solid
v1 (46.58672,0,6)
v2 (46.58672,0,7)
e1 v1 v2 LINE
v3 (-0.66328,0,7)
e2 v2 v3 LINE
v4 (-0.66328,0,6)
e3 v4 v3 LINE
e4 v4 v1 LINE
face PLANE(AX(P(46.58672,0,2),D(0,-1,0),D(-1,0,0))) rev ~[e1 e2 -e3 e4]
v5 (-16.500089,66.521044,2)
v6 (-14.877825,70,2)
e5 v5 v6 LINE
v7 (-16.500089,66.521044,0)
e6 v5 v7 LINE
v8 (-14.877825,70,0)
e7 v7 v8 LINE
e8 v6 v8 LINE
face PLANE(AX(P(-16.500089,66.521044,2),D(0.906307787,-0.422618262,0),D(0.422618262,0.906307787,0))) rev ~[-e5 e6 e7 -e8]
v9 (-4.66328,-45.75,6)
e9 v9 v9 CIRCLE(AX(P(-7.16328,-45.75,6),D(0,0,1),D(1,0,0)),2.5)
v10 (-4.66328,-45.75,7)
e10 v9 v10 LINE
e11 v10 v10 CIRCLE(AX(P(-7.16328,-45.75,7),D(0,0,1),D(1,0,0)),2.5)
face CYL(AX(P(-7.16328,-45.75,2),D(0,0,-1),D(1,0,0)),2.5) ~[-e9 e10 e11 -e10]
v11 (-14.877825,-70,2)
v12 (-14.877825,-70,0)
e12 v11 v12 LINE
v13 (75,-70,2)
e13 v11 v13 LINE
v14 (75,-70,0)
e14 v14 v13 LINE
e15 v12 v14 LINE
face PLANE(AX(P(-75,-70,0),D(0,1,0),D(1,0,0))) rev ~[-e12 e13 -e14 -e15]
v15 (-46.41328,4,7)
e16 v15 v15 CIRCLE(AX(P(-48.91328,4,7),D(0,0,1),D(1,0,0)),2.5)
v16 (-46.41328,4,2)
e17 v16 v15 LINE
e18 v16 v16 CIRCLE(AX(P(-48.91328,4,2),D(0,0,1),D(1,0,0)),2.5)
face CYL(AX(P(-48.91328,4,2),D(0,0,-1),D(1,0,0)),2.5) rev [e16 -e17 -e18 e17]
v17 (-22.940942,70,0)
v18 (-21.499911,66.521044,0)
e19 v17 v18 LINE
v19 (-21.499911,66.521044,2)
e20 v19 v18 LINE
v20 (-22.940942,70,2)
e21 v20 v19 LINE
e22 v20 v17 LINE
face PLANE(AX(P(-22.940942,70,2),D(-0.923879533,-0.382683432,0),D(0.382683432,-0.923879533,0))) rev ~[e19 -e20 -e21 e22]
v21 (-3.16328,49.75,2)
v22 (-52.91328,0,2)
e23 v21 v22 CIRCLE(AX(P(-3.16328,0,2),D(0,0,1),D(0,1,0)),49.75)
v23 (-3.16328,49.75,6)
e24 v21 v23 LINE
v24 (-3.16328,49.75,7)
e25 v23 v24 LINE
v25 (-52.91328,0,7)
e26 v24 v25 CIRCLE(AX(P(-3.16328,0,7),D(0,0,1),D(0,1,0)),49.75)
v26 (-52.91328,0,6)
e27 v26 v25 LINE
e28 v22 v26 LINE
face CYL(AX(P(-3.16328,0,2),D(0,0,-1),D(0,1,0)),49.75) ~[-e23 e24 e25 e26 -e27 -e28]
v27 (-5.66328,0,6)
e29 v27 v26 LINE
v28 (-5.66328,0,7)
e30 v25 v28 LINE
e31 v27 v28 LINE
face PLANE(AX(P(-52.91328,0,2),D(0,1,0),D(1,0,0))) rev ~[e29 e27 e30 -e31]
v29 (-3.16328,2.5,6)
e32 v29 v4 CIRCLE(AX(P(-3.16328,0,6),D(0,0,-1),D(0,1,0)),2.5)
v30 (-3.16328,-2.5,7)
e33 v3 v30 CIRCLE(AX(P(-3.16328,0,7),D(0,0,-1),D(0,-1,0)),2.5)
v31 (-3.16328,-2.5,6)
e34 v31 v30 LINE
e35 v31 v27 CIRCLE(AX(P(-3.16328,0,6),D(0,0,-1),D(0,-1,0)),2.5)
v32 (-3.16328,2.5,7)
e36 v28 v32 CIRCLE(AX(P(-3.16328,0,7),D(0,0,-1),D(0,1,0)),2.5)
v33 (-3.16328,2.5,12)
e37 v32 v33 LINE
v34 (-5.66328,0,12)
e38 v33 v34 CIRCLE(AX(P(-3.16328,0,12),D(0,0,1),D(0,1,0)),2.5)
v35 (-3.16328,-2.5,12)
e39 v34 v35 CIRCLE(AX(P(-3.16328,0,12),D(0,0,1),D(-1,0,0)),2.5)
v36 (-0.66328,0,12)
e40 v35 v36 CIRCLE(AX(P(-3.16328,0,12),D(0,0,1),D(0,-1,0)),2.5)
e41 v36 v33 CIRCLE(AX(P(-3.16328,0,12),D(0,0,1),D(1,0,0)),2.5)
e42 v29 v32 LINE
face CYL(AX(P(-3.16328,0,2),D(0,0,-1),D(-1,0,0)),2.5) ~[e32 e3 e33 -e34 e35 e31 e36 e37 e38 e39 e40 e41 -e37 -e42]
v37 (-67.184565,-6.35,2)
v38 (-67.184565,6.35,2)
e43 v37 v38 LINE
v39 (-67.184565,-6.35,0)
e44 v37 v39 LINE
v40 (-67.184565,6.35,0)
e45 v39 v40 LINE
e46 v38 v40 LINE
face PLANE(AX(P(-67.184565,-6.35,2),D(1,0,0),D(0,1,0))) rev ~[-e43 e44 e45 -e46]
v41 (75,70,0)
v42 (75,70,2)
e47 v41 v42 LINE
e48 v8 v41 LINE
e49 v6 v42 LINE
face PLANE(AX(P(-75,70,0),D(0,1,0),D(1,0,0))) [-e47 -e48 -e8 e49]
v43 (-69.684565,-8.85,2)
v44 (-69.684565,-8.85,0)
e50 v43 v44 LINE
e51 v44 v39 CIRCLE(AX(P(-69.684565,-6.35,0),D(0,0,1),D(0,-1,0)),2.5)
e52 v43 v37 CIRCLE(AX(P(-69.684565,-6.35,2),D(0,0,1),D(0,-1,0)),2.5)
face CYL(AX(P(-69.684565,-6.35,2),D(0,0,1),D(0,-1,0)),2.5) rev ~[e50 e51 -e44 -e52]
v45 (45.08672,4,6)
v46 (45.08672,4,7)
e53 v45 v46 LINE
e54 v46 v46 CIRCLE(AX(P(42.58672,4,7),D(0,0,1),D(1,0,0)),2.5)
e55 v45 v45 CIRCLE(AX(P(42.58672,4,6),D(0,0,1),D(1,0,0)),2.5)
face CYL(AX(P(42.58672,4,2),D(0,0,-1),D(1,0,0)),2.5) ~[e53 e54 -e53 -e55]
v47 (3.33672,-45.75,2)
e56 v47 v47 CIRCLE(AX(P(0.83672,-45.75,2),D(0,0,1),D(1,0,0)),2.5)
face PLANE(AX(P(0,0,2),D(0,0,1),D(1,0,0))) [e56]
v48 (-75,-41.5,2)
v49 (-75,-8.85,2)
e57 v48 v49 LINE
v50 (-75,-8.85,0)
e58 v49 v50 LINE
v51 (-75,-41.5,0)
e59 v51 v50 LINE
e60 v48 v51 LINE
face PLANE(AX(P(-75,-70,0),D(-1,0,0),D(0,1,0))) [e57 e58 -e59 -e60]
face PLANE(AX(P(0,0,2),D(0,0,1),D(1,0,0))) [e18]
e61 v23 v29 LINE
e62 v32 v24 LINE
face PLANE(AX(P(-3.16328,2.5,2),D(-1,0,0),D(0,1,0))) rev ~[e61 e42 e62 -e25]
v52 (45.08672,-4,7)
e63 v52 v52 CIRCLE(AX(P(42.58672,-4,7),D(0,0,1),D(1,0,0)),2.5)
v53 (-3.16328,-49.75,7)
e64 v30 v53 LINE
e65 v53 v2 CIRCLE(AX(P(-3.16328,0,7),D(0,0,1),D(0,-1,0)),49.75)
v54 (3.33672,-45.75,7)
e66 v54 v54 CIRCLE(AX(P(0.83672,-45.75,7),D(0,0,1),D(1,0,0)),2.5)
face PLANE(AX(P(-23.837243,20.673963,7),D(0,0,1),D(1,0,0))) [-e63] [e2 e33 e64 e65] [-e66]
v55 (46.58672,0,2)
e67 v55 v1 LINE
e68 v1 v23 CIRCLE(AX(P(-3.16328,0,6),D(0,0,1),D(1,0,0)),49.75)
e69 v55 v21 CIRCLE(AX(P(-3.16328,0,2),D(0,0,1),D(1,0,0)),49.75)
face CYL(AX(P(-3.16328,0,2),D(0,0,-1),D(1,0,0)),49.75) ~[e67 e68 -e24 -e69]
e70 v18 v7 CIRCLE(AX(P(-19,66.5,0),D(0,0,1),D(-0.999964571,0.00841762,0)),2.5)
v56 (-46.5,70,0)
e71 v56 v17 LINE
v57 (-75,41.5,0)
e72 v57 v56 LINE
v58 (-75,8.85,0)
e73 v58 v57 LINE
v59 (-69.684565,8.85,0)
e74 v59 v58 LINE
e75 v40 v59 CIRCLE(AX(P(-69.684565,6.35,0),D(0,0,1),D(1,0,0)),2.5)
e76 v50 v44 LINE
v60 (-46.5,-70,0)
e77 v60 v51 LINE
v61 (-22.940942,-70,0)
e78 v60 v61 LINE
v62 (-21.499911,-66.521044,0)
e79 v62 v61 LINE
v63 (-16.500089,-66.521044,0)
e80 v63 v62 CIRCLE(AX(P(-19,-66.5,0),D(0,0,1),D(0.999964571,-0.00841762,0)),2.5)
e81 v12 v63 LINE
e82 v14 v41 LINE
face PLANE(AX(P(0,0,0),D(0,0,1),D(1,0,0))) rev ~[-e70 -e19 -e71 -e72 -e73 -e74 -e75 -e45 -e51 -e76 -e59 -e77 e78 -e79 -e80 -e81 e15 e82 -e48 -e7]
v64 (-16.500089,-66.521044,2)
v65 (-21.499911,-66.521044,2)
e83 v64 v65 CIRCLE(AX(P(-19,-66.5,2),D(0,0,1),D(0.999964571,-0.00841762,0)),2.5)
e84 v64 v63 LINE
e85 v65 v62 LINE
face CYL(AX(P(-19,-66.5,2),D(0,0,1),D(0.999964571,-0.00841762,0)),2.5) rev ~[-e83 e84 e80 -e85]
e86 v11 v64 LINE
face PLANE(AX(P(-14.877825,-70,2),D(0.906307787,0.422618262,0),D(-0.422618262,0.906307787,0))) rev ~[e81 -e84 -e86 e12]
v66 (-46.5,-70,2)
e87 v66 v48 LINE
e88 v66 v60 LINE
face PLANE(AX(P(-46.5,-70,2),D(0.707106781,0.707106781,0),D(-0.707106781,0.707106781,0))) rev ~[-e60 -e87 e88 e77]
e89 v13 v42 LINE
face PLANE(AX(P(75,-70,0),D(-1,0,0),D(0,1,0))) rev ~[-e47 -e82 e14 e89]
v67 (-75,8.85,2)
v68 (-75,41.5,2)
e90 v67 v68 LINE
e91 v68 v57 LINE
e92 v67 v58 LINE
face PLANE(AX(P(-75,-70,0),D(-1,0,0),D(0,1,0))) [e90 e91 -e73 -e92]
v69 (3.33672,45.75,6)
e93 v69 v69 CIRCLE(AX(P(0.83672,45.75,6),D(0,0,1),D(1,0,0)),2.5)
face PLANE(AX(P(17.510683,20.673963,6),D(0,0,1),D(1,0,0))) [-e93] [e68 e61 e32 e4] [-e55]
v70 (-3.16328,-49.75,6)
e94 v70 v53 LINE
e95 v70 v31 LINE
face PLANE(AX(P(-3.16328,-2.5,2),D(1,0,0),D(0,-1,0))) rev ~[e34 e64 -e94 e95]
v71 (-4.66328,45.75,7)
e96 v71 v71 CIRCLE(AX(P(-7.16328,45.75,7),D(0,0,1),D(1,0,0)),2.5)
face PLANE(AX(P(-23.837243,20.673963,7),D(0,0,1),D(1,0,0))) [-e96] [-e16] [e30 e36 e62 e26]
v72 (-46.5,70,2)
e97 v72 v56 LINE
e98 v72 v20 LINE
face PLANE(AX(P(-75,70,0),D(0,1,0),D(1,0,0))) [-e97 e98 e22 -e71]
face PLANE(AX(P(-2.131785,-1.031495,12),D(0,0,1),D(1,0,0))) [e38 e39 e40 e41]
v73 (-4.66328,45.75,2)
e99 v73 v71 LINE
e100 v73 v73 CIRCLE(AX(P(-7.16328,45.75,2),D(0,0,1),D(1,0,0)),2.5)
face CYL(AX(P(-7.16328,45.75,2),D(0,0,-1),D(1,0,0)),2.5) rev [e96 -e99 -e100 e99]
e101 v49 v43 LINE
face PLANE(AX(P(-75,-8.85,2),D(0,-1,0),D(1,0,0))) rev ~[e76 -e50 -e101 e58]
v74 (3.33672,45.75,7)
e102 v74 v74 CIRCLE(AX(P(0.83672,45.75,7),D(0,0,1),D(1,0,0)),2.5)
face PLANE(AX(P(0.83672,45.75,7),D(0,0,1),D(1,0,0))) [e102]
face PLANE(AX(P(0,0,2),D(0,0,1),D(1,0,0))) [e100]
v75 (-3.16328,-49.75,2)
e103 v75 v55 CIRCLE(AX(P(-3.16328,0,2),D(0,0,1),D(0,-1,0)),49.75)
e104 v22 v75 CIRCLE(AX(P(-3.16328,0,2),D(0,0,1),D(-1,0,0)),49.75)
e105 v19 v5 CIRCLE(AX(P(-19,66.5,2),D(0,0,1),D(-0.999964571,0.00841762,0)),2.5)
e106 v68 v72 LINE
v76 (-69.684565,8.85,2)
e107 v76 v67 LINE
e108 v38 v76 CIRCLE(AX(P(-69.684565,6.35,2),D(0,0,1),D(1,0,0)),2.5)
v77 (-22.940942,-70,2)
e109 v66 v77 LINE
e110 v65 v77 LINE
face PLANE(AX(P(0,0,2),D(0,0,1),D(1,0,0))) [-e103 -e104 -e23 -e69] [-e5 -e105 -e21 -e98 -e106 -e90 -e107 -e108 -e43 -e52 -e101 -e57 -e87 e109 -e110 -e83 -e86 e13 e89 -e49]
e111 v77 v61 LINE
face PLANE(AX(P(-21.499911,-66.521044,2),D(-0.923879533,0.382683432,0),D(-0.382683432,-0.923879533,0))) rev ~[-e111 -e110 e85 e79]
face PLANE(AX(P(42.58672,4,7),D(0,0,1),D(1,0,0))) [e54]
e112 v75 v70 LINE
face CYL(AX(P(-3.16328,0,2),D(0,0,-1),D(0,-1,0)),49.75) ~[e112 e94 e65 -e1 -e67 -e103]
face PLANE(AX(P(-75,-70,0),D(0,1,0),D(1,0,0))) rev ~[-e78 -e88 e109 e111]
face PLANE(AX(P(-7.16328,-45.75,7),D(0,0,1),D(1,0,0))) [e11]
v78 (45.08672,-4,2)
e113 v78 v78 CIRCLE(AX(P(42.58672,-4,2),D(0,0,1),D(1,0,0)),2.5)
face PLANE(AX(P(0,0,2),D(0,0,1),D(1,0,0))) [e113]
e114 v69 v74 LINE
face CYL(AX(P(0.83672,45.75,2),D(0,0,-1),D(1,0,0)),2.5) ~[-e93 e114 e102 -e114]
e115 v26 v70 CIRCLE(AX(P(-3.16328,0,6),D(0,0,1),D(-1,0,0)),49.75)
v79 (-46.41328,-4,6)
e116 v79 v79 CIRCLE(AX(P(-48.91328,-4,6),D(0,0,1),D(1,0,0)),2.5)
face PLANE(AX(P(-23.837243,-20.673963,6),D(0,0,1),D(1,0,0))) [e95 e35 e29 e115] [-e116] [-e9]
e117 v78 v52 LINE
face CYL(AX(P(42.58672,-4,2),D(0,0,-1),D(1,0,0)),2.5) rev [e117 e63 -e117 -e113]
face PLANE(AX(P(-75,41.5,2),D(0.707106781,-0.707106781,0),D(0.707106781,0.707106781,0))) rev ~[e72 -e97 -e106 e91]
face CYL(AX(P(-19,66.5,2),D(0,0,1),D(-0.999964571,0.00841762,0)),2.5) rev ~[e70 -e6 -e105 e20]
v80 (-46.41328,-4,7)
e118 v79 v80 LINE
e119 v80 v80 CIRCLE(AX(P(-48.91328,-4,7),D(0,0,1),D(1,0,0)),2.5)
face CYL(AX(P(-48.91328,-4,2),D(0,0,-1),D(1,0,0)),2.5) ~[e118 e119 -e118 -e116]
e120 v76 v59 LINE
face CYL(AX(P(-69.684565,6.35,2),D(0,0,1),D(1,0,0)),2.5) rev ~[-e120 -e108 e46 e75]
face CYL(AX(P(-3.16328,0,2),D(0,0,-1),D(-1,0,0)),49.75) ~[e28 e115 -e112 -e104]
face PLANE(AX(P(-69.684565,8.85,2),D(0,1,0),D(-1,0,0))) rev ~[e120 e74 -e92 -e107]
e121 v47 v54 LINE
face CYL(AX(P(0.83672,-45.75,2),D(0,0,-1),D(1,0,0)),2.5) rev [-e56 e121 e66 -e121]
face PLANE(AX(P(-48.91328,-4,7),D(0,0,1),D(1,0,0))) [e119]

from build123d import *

# Parameters (mm, degrees)
F0_W     = 150
F0_H     = 140
F1_DEPTH = 2
F2_R     = 2.5
F3_DEPTH = 5
F4_R     = 2.5
F5_DEPTH = 5
F6_DEPTH = 4
F7_DEPTH = 10


with BuildPart() as f1:
    # F0 (on Top) → F1 (new body)
    with BuildSketch(Plane.XY):
        Rectangle(F0_W, F0_H)
    extrude(amount=F1_DEPTH)

    # F2 (on face) → F3 (cut)
    with BuildSketch(Plane.XY.offset(2)):
        Polygon((-75, 70), (-75, 41.5), (-46.5, 70), align=None)
        with Locations((-64, 57.6)):
            Circle(F2_R, mode=Mode.SUBTRACT)
        Polygon((-46.5, -70), (-75, -41.5), (-75, -70), align=None)
        with Locations((-64, -57.6)):
            Circle(F2_R, mode=Mode.SUBTRACT)
        with BuildLine():
            Line((-67.1845650673, -6.35), (-67.1845650673, 6.35))
            ThreePointArc((-67.1845650673, 6.35), (-67.9167981143, 8.117766953), (-69.6845650673, 8.85))
            Line((-69.6845650673, 8.85), (-75, 8.85))
            Line((-75, 8.85), (-75, -8.85))
            Line((-75, -8.85), (-69.6845650673, -8.85))
            ThreePointArc((-69.6845650673, -8.85), (-67.9167981143, -8.117766953), (-67.1845650673, -6.35))
        make_face()
        with BuildLine():
            Line((-21.499911428, -66.5210440509), (-22.940942165, -70))
            Line((-22.940942165, -70), (-14.8778247705, -70))
            Line((-14.8778247705, -70), (-16.500088572, -66.5210440509))
            ThreePointArc((-16.500088572, -66.5210440509), (-19, -64), (-21.499911428, -66.5210440509))
        make_face()
        with BuildLine():
            Line((-14.8778247705, 70), (-22.940942165, 70))
            Line((-22.940942165, 70), (-21.499911428, 66.5210440509))
            ThreePointArc((-21.499911428, 66.5210440509), (-19, 64), (-16.500088572, 66.5210440509))
            Line((-16.500088572, 66.5210440509), (-14.8778247705, 70))
        make_face()
        with Locations((-64, 57.6)):
            Circle(F2_R)
        with Locations((-64, -57.6)):
            Circle(F2_R)
    extrude(amount=-F3_DEPTH, mode=Mode.SUBTRACT)

    # F4 (on face) → F5 (join)
    with BuildSketch(Plane.XY.offset(2)):
        with BuildLine():
            Line((-3.16328, 2.5), (-3.16328, 49.75))
            ThreePointArc((-3.16328, 49.75), (-38.341842364, 35.178562364), (-52.91328, 0))
            Line((-52.91328, 0), (-5.66328, 0))
            ThreePointArc((-5.66328, 0), (-4.931046953, 1.767766953), (-3.16328, 2.5))
        make_face()
        with Locations((-48.91328, 4)):
            Circle(F4_R, mode=Mode.SUBTRACT)
        with Locations((-7.16328, 45.75)):
            Circle(F4_R, mode=Mode.SUBTRACT)
        with BuildLine():
            ThreePointArc((-3.16328, -49.75), (32.015282364, -35.178562364), (46.58672, 0))
            Line((46.58672, 0), (-0.66328, 0))
            ThreePointArc((-0.66328, 0), (-1.395513047, -1.767766953), (-3.16328, -2.5))
            Line((-3.16328, -2.5), (-3.16328, -49.75))
        make_face()
        with Locations((0.83672, -45.75)):
            Circle(F4_R, mode=Mode.SUBTRACT)
        with Locations((42.58672, -4)):
            Circle(F4_R, mode=Mode.SUBTRACT)
        with Locations((0.83672, 45.75)):
            Circle(F4_R)
        with Locations((42.58672, 4)):
            Circle(F4_R)
        with Locations((-7.16328, -45.75)):
            Circle(F4_R)
        with Locations((-48.91328, -4)):
            Circle(F4_R)
        with BuildLine():
            ThreePointArc((-5.66328, 0), (-4.931046953, -1.767766953), (-3.16328, -2.5))
            Line((-3.16328, -2.5), (-3.16328, 0))
            Line((-3.16328, 0), (-5.66328, 0))
        make_face()
        with BuildLine():
            Line((-3.16328, 0), (-0.66328, 0))
            ThreePointArc((-0.66328, 0), (-1.395513047, 1.767766953), (-3.16328, 2.5))
            Line((-3.16328, 2.5), (-3.16328, 0))
        make_face()
        with BuildLine():
            ThreePointArc((-3.16328, -2.5), (-1.395513047, -1.767766953), (-0.66328, 0))
            Line((-0.66328, 0), (-3.16328, 0))
            Line((-3.16328, 0), (-3.16328, -2.5))
        make_face()
        with BuildLine():
            Line((-3.16328, 0), (-3.16328, 2.5))
            ThreePointArc((-3.16328, 2.5), (-4.931046953, 1.767766953), (-5.66328, 0))
            Line((-5.66328, 0), (-3.16328, 0))
        make_face()
    extrude(amount=F5_DEPTH)

    # F4 (on face) → F6 (join)
    with BuildSketch(Plane.XY.offset(2)):
        with BuildLine():
            ThreePointArc((-52.91328, 0), (-38.341842364, -35.178562364), (-3.16328, -49.75))
            Line((-3.16328, -49.75), (-3.16328, -2.5))
            ThreePointArc((-3.16328, -2.5), (-4.931046953, -1.767766953), (-5.66328, 0))
            Line((-5.66328, 0), (-52.91328, 0))
        make_face()
        with Locations((-7.16328, -45.75)):
            Circle(F4_R, mode=Mode.SUBTRACT)
        with Locations((-48.91328, -4)):
            Circle(F4_R, mode=Mode.SUBTRACT)
        with BuildLine():
            Line((-0.66328, 0), (46.58672, 0))
            ThreePointArc((46.58672, 0), (32.015282364, 35.178562364), (-3.16328, 49.75))
            Line((-3.16328, 49.75), (-3.16328, 2.5))
            ThreePointArc((-3.16328, 2.5), (-1.395513047, 1.767766953), (-0.66328, 0))
        make_face()
        with Locations((42.58672, 4)):
            Circle(F4_R, mode=Mode.SUBTRACT)
        with Locations((0.83672, 45.75)):
            Circle(F4_R, mode=Mode.SUBTRACT)
    extrude(amount=F6_DEPTH)

    # F4 (on face) → F7 (join)
    with BuildSketch(Plane.XY.offset(2)):
        with BuildLine():
            ThreePointArc((-3.16328, -2.5), (-1.395513047, -1.767766953), (-0.66328, 0))
            Line((-0.66328, 0), (-3.16328, 0))
            Line((-3.16328, 0), (-3.16328, -2.5))
        make_face()
        with BuildLine():
            Line((-3.16328, 0), (-0.66328, 0))
            ThreePointArc((-0.66328, 0), (-1.395513047, 1.767766953), (-3.16328, 2.5))
            Line((-3.16328, 2.5), (-3.16328, 0))
        make_face()
        with BuildLine():
            Line((-3.16328, 0), (-3.16328, 2.5))
            ThreePointArc((-3.16328, 2.5), (-4.931046953, 1.767766953), (-5.66328, 0))
            Line((-5.66328, 0), (-3.16328, 0))
        make_face()
        with BuildLine():
            ThreePointArc((-5.66328, 0), (-4.931046953, -1.767766953), (-3.16328, -2.5))
            Line((-3.16328, -2.5), (-3.16328, 0))
            Line((-3.16328, 0), (-5.66328, 0))
        make_face()
    extrude(amount=F7_DEPTH)


solid = f1.part
